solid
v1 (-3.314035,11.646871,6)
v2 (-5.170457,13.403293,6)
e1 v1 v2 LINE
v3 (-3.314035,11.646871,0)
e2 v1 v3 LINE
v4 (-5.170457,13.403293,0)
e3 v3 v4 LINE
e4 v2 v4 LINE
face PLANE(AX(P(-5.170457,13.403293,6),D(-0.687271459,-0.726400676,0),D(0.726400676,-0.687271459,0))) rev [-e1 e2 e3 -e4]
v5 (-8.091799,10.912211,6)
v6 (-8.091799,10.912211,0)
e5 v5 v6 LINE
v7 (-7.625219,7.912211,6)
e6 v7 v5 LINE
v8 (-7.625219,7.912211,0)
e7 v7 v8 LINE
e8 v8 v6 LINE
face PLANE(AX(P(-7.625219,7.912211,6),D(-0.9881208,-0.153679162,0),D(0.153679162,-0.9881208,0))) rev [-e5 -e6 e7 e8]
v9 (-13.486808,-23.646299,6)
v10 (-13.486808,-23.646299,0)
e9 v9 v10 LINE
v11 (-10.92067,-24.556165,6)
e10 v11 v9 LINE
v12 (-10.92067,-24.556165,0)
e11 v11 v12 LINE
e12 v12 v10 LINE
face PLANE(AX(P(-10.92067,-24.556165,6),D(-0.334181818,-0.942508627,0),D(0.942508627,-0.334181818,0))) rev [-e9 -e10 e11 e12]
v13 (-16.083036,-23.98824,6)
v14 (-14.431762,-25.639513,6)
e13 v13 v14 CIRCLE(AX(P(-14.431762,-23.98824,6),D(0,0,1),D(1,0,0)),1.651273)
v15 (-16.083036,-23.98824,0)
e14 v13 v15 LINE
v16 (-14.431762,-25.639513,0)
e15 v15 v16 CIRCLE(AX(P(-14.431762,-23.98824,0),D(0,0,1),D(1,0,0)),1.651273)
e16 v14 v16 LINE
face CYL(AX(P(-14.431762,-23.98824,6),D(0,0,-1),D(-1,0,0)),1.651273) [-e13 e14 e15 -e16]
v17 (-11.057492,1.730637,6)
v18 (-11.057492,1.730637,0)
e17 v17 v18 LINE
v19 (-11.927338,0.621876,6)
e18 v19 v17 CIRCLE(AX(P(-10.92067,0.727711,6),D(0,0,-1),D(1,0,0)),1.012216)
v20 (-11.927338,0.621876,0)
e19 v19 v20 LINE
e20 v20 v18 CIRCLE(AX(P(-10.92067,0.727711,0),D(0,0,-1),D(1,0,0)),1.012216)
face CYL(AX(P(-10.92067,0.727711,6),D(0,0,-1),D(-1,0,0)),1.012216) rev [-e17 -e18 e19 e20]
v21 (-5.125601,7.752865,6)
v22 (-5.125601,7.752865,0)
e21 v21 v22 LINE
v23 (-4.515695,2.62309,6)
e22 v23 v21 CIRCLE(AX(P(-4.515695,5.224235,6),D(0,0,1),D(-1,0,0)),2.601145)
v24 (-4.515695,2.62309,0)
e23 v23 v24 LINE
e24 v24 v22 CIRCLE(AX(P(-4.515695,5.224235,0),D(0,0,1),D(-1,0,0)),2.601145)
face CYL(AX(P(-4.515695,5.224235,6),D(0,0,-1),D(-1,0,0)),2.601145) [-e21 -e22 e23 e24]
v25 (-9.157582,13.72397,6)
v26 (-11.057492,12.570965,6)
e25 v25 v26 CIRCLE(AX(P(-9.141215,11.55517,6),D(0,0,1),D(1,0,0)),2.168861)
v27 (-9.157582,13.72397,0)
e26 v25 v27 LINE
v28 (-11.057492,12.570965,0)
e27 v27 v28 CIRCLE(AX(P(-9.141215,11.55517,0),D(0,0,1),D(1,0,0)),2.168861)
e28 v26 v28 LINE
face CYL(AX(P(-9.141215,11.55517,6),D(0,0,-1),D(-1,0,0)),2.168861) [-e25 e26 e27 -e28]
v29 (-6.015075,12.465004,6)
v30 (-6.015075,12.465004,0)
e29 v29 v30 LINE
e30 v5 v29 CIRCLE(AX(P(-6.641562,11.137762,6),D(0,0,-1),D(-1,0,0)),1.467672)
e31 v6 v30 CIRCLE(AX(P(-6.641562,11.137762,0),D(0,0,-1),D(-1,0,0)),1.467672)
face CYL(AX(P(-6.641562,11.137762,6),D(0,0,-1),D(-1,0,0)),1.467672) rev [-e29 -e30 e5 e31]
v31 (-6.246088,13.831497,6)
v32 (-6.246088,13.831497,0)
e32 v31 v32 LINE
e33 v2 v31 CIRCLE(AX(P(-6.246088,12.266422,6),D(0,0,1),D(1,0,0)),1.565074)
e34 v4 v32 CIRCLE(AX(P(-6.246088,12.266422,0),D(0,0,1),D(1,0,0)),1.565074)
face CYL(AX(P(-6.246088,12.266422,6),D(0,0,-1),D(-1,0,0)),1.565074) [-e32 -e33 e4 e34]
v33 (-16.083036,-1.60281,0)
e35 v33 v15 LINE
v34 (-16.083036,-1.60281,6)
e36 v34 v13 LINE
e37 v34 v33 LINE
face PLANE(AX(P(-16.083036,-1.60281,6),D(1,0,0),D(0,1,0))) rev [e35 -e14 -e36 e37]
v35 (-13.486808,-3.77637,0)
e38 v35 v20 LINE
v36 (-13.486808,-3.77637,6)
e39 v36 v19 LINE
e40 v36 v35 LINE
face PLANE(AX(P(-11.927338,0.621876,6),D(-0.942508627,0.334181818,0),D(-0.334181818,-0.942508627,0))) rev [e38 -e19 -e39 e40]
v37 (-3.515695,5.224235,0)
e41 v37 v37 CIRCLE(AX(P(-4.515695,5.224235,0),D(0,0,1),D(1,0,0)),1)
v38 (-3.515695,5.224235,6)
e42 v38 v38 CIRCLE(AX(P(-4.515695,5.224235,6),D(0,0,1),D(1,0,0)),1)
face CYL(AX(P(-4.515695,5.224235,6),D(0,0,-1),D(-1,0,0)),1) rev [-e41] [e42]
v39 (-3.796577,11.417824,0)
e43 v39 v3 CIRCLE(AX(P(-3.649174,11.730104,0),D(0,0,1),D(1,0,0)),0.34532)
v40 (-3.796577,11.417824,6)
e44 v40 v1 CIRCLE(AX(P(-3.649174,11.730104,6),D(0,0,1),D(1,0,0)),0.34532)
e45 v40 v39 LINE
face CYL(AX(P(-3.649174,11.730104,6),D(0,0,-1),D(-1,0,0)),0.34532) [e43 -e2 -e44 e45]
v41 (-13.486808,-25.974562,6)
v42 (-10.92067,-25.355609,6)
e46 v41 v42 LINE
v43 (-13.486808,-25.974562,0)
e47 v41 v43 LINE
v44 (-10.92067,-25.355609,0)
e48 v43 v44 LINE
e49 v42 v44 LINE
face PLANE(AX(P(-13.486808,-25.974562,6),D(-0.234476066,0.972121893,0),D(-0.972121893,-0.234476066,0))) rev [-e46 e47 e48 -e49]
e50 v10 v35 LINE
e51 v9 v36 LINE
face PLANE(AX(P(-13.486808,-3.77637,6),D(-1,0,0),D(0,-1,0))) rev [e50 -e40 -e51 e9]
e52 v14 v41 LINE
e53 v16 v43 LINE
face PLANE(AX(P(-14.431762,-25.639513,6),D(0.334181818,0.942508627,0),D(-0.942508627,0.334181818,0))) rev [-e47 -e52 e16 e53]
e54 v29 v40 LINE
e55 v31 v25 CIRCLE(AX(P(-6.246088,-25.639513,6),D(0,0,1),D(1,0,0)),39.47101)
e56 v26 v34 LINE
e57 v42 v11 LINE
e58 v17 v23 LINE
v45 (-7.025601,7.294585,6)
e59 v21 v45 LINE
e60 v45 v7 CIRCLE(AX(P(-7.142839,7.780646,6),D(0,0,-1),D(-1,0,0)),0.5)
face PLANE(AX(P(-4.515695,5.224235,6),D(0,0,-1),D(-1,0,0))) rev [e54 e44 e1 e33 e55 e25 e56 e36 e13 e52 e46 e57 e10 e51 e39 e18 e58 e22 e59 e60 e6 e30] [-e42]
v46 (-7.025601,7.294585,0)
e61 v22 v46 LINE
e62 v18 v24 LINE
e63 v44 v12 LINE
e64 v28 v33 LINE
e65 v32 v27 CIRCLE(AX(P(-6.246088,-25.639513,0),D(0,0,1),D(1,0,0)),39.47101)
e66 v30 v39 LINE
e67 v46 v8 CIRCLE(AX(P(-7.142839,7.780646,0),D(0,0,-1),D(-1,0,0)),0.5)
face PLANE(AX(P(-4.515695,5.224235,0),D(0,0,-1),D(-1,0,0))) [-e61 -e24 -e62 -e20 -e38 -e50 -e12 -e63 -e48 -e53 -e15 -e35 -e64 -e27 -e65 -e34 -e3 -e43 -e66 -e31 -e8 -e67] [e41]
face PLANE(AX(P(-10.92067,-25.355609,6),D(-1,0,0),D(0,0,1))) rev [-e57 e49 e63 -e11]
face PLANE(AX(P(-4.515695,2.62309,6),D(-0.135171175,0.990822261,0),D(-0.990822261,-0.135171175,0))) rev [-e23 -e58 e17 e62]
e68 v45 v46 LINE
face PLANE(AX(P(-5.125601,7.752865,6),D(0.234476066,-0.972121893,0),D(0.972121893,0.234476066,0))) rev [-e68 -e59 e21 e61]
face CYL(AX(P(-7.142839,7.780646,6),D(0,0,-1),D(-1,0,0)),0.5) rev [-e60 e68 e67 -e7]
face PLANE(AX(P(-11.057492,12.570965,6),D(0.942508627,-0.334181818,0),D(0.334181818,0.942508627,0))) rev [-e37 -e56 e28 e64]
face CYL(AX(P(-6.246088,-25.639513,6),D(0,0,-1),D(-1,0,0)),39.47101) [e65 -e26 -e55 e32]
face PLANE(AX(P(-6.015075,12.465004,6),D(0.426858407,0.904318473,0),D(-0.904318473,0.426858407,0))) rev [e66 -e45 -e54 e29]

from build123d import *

# Parameters (mm, degrees)
ESQUISSE1_R        = 1
BOSS_EXTRU_1_DEPTH = 6


with BuildPart() as part:
    # Esquisse1 → Boss.-Extru.1 (new body)
    with BuildSketch(Plane.XY):
        with BuildLine():
            Line((-5.125601059, 7.752865214), (-7.025601059, 7.294584696))
            ThreePointArc((-7.025601059, 7.294584696), (-7.501583822, 7.432360963), (-7.625219148, 7.912211144))
            Line((-7.625219148, 7.912211144), (-8.091799231, 10.912211144))
            ThreePointArc((-8.091799231, 10.912211144), (-7.52044361, 12.313188257), (-6.015074536, 12.46500415))
            Line((-6.015074536, 12.46500415), (-3.79657697, 11.417824019))
            ThreePointArc((-3.79657697, 11.417824019), (-3.501096688, 11.418143301), (-3.314034571, 11.646871225))
            Line((-3.314034571, 11.646871225), (-5.170456982, 13.403293241))
            ThreePointArc((-5.170456982, 13.403293241), (-5.667222651, 13.720510456), (-6.246087907, 13.831496523))
            ThreePointArc((-6.246087907, 13.831496523), (-7.702827431, 13.804605734), (-9.157582062, 13.723970009))
            ThreePointArc((-9.157582062, 13.723970009), (-10.266440997, 13.409307705), (-11.057492389, 12.570965175))
            Line((-11.057492389, 12.570965175), (-16.083035607, -1.602809651))
            Line((-16.083035607, -1.602809651), (-16.083035607, -23.988240086))
            ThreePointArc((-16.083035607, -23.988240086), (-15.599388885, -25.155866561), (-14.43176241, -25.639513283))
            Line((-14.43176241, -25.639513283), (-13.486808234, -25.97456221))
            Line((-13.486808234, -25.97456221), (-10.920669924, -25.35560895))
            Line((-10.920669924, -25.35560895), (-10.920669924, -24.556164823))
            Line((-10.920669924, -24.556164823), (-13.486808234, -23.646298599))
            Line((-13.486808234, -23.646298599), (-13.486808234, -3.776370077))
            Line((-13.486808234, -3.776370077), (-11.927338138, 0.621876447))
            ThreePointArc((-11.927338138, 0.621876447), (-11.717055765, 1.352491988), (-11.057492389, 1.73063733))
            Line((-11.057492389, 1.73063733), (-4.515694846, 2.623090489))
            ThreePointArc((-4.515694846, 2.623090489), (-1.932742353, 5.531336315), (-5.125601059, 7.752865214))
        make_face()
        with Locations((-4.515694846, 5.224235349)):
            Circle(ESQUISSE1_R, mode=Mode.SUBTRACT)
    extrude(amount=BOSS_EXTRU_1_DEPTH)


solid = part.part
